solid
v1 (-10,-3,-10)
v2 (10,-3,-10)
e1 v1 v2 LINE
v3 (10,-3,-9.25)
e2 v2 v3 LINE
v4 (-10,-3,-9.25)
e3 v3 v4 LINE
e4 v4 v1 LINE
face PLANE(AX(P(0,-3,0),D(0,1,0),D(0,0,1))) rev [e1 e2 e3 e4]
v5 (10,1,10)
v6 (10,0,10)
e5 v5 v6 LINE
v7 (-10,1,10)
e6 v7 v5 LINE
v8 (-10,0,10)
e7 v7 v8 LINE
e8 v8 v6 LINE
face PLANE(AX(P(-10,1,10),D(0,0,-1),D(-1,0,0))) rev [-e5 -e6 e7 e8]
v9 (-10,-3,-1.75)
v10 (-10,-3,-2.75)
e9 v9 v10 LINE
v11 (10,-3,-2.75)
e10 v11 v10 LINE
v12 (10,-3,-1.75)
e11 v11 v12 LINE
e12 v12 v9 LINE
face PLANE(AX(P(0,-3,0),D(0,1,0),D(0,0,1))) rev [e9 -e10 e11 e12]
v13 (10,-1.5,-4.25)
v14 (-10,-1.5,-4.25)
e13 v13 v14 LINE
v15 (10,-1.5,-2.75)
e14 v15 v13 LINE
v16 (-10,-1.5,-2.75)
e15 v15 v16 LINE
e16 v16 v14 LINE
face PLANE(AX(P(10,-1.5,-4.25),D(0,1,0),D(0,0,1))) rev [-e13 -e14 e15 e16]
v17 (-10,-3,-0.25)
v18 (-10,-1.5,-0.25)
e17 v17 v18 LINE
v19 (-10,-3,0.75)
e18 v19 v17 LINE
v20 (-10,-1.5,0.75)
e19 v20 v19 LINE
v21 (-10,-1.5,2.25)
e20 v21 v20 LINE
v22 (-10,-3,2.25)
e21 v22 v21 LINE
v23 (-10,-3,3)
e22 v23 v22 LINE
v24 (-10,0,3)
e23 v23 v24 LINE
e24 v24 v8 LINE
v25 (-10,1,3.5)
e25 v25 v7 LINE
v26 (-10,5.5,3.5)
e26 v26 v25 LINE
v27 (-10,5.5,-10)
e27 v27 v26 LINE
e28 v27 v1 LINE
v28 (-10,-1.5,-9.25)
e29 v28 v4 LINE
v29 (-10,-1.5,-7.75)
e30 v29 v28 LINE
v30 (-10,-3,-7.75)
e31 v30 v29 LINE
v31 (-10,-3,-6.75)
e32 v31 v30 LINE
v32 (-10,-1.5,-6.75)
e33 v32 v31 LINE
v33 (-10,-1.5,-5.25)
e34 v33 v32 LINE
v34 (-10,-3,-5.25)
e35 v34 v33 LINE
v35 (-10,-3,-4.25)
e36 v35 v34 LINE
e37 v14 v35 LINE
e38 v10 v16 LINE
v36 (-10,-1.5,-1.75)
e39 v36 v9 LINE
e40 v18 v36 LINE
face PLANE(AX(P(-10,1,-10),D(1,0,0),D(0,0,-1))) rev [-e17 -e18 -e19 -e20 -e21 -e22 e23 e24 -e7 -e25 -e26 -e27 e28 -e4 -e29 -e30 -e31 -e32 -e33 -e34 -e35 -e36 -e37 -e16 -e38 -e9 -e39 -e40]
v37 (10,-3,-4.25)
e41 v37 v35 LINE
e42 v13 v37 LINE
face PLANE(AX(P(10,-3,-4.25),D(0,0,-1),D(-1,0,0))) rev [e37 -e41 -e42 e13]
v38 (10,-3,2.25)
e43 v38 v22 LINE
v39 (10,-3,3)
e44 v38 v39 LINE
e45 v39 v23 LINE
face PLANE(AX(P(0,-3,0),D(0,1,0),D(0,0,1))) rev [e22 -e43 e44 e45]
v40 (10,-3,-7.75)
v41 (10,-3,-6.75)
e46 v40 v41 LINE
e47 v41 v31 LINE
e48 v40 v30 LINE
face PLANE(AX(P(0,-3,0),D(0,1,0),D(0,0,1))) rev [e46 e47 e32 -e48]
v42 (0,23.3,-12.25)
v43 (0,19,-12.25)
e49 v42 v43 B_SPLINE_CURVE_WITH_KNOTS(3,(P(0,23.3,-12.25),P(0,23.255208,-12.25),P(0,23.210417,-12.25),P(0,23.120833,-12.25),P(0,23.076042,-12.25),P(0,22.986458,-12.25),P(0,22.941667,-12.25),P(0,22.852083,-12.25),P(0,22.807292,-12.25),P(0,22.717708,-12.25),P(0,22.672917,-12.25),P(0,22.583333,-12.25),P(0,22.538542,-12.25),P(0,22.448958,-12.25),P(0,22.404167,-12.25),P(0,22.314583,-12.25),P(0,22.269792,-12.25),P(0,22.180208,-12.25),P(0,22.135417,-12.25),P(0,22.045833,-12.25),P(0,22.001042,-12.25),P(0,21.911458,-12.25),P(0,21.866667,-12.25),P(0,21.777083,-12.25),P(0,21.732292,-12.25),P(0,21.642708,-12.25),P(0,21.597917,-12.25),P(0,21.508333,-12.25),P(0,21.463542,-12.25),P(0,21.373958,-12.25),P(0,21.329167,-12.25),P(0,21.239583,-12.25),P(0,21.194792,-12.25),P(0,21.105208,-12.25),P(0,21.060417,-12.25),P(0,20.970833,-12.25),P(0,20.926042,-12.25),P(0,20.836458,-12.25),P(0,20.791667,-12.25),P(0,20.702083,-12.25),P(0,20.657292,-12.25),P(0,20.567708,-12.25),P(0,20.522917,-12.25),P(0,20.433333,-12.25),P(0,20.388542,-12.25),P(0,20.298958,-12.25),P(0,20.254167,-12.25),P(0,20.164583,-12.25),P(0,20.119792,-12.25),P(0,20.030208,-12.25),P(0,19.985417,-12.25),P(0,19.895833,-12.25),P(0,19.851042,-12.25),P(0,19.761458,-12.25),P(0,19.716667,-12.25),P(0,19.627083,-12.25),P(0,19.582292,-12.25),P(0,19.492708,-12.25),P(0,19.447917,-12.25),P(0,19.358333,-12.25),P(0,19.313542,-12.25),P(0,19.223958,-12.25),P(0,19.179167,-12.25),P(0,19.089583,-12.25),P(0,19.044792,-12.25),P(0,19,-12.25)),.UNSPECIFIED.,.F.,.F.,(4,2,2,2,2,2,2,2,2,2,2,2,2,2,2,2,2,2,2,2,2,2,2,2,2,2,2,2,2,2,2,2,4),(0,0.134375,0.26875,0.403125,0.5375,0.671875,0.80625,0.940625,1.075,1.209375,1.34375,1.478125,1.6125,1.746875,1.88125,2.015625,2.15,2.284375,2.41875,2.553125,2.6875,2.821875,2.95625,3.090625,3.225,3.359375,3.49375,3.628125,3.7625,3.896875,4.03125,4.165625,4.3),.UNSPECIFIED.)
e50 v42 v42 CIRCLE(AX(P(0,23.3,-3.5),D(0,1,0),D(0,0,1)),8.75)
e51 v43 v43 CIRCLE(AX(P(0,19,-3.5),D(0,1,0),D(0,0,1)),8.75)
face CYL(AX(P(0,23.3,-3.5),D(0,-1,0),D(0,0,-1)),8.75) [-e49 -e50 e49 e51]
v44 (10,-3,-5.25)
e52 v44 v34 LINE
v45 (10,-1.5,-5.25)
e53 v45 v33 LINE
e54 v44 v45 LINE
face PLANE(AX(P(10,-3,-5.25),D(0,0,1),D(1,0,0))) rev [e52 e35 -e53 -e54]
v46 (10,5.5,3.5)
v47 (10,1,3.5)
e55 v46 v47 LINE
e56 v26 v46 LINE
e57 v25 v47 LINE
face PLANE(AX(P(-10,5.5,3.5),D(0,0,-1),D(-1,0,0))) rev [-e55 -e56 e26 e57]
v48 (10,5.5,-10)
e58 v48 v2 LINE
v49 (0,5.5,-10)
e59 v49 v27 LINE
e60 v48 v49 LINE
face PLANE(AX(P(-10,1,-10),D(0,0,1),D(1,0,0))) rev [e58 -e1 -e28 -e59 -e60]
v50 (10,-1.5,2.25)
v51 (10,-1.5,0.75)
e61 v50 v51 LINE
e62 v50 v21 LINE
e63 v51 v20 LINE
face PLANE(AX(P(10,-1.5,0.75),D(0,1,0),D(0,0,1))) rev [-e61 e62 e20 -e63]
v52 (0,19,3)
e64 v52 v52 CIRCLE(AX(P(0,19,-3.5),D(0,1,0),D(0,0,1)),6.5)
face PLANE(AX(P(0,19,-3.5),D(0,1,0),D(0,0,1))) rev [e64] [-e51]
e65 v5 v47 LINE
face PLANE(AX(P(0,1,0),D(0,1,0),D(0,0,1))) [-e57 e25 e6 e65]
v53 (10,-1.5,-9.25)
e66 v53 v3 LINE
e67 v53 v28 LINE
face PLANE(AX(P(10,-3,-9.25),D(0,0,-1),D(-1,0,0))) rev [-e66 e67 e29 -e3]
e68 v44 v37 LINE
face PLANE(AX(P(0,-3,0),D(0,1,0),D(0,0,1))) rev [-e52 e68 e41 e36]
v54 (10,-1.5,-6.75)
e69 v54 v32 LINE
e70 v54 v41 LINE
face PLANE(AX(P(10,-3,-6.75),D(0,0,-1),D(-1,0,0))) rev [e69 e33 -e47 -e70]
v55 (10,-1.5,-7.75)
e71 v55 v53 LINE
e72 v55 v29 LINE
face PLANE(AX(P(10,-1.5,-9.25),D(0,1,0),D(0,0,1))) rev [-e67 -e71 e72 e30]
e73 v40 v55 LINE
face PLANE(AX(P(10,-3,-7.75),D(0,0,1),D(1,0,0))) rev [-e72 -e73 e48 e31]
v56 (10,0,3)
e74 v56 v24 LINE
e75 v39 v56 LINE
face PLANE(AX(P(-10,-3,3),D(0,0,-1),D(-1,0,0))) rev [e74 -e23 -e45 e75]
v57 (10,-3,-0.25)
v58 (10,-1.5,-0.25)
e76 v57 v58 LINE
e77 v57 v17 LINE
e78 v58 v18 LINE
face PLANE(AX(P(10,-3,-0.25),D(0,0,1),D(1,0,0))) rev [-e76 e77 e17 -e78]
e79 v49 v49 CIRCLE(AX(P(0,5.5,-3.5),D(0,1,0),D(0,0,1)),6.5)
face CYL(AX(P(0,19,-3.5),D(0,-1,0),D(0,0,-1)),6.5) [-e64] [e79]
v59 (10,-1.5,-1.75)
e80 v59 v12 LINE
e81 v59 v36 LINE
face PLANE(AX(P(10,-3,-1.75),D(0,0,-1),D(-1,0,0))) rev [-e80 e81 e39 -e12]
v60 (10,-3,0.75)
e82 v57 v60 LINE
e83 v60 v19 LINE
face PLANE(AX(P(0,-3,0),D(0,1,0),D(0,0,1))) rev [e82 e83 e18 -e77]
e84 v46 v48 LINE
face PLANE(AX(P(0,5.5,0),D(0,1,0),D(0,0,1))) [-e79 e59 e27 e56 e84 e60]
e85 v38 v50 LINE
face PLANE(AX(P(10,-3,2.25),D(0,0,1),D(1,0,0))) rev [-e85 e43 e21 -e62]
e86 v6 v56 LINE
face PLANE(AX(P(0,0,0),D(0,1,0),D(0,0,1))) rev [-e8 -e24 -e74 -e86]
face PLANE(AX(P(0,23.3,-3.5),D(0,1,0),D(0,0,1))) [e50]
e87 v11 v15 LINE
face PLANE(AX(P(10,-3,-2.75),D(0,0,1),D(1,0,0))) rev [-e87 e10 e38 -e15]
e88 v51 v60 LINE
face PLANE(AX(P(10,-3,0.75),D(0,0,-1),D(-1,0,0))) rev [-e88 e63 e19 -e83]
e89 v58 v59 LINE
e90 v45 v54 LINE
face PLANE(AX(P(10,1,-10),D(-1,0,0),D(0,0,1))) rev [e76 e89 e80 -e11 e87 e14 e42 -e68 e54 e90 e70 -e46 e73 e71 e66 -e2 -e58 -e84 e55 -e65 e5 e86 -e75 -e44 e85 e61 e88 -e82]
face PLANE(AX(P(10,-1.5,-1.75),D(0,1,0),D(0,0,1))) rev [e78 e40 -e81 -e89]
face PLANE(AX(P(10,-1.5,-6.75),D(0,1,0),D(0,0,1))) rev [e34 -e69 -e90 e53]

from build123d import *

# Parameters (mm, degrees)
SKETCH1_W             = 20
SKETCH1_H             = 20
PCB_DEPTH             = 1
SKETCH3_W             = 20
SKETCH3_H             = 13
HEATSINK_DEPTH        = 3
SKETCH4_W             = 1.5
SKETCH4_H             = 1.5
HEATSINKPATTERN_DEPTH = 23.561028345
SKETCH5_W             = 20
SKETCH5_H             = 13.5
CAMERABASE_DEPTH      = 4.5
SKETCH6_R             = 6.5
CAMERACYLINDER_DEPTH  = 13.5
SKETCH7_R             = 8.75
LENS_DEPTH            = 4.3


with BuildPart() as part:
    # Sketch1 → PCB (new body)
    with BuildSketch(Plane(origin=(0, 0, 0), x_dir=(1, 0, 0), z_dir=(0, 1, 0))):
        Rectangle(SKETCH1_W, SKETCH1_H)
    extrude(amount=PCB_DEPTH)

    # Sketch3 → HeatSink (add)
    with BuildSketch(Plane.XZ):
        with Locations((0, -3.5)):
            Rectangle(SKETCH3_W, SKETCH3_H)
    extrude(amount=HEATSINK_DEPTH)

    # Sketch4 → HeatSinkPattern (cut, through all)
    with BuildSketch(Plane.ZY.offset(10)):
        with Locations((-1, -2.25)):
            Rectangle(SKETCH4_W, SKETCH4_H)
        with Locations((-3.5, -2.25)):
            Rectangle(SKETCH4_W, SKETCH4_H)
        with Locations((1.5, -2.25)):
            Rectangle(SKETCH4_W, SKETCH4_H)
        with Locations((-6, -2.25)):
            Rectangle(SKETCH4_W, SKETCH4_H)
        with Locations((-8.5, -2.25)):
            Rectangle(SKETCH4_W, SKETCH4_H)
    extrude(amount=-HEATSINKPATTERN_DEPTH, mode=Mode.SUBTRACT)

    # Sketch5 → CameraBase (add)
    with BuildSketch(Plane(origin=(0, 1, 0), x_dir=(1, 0, 0), z_dir=(0, 1, 0))):
        with Locations((0, 3.25)):
            Rectangle(SKETCH5_W, SKETCH5_H)
    extrude(amount=CAMERABASE_DEPTH)

    # Sketch6 → CameraCylinder (add)
    with BuildSketch(Plane(origin=(0, 5.5, 0), x_dir=(1, 0, 0), z_dir=(0, 1, 0))):
        with Locations(Location((0, 3.5, 0), (0, 0, 90))):
            Circle(SKETCH6_R)
    extrude(amount=CAMERACYLINDER_DEPTH)

    # Sketch7 → Lens (add)
    with BuildSketch(Plane(origin=(0, 19, 0), x_dir=(1, 0, 0), z_dir=(0, 1, 0))):
        with Locations(Location((0, 3.5, 0), (0, 0, 90))):
            Circle(SKETCH7_R)
    extrude(amount=LENS_DEPTH)


solid = part.part
